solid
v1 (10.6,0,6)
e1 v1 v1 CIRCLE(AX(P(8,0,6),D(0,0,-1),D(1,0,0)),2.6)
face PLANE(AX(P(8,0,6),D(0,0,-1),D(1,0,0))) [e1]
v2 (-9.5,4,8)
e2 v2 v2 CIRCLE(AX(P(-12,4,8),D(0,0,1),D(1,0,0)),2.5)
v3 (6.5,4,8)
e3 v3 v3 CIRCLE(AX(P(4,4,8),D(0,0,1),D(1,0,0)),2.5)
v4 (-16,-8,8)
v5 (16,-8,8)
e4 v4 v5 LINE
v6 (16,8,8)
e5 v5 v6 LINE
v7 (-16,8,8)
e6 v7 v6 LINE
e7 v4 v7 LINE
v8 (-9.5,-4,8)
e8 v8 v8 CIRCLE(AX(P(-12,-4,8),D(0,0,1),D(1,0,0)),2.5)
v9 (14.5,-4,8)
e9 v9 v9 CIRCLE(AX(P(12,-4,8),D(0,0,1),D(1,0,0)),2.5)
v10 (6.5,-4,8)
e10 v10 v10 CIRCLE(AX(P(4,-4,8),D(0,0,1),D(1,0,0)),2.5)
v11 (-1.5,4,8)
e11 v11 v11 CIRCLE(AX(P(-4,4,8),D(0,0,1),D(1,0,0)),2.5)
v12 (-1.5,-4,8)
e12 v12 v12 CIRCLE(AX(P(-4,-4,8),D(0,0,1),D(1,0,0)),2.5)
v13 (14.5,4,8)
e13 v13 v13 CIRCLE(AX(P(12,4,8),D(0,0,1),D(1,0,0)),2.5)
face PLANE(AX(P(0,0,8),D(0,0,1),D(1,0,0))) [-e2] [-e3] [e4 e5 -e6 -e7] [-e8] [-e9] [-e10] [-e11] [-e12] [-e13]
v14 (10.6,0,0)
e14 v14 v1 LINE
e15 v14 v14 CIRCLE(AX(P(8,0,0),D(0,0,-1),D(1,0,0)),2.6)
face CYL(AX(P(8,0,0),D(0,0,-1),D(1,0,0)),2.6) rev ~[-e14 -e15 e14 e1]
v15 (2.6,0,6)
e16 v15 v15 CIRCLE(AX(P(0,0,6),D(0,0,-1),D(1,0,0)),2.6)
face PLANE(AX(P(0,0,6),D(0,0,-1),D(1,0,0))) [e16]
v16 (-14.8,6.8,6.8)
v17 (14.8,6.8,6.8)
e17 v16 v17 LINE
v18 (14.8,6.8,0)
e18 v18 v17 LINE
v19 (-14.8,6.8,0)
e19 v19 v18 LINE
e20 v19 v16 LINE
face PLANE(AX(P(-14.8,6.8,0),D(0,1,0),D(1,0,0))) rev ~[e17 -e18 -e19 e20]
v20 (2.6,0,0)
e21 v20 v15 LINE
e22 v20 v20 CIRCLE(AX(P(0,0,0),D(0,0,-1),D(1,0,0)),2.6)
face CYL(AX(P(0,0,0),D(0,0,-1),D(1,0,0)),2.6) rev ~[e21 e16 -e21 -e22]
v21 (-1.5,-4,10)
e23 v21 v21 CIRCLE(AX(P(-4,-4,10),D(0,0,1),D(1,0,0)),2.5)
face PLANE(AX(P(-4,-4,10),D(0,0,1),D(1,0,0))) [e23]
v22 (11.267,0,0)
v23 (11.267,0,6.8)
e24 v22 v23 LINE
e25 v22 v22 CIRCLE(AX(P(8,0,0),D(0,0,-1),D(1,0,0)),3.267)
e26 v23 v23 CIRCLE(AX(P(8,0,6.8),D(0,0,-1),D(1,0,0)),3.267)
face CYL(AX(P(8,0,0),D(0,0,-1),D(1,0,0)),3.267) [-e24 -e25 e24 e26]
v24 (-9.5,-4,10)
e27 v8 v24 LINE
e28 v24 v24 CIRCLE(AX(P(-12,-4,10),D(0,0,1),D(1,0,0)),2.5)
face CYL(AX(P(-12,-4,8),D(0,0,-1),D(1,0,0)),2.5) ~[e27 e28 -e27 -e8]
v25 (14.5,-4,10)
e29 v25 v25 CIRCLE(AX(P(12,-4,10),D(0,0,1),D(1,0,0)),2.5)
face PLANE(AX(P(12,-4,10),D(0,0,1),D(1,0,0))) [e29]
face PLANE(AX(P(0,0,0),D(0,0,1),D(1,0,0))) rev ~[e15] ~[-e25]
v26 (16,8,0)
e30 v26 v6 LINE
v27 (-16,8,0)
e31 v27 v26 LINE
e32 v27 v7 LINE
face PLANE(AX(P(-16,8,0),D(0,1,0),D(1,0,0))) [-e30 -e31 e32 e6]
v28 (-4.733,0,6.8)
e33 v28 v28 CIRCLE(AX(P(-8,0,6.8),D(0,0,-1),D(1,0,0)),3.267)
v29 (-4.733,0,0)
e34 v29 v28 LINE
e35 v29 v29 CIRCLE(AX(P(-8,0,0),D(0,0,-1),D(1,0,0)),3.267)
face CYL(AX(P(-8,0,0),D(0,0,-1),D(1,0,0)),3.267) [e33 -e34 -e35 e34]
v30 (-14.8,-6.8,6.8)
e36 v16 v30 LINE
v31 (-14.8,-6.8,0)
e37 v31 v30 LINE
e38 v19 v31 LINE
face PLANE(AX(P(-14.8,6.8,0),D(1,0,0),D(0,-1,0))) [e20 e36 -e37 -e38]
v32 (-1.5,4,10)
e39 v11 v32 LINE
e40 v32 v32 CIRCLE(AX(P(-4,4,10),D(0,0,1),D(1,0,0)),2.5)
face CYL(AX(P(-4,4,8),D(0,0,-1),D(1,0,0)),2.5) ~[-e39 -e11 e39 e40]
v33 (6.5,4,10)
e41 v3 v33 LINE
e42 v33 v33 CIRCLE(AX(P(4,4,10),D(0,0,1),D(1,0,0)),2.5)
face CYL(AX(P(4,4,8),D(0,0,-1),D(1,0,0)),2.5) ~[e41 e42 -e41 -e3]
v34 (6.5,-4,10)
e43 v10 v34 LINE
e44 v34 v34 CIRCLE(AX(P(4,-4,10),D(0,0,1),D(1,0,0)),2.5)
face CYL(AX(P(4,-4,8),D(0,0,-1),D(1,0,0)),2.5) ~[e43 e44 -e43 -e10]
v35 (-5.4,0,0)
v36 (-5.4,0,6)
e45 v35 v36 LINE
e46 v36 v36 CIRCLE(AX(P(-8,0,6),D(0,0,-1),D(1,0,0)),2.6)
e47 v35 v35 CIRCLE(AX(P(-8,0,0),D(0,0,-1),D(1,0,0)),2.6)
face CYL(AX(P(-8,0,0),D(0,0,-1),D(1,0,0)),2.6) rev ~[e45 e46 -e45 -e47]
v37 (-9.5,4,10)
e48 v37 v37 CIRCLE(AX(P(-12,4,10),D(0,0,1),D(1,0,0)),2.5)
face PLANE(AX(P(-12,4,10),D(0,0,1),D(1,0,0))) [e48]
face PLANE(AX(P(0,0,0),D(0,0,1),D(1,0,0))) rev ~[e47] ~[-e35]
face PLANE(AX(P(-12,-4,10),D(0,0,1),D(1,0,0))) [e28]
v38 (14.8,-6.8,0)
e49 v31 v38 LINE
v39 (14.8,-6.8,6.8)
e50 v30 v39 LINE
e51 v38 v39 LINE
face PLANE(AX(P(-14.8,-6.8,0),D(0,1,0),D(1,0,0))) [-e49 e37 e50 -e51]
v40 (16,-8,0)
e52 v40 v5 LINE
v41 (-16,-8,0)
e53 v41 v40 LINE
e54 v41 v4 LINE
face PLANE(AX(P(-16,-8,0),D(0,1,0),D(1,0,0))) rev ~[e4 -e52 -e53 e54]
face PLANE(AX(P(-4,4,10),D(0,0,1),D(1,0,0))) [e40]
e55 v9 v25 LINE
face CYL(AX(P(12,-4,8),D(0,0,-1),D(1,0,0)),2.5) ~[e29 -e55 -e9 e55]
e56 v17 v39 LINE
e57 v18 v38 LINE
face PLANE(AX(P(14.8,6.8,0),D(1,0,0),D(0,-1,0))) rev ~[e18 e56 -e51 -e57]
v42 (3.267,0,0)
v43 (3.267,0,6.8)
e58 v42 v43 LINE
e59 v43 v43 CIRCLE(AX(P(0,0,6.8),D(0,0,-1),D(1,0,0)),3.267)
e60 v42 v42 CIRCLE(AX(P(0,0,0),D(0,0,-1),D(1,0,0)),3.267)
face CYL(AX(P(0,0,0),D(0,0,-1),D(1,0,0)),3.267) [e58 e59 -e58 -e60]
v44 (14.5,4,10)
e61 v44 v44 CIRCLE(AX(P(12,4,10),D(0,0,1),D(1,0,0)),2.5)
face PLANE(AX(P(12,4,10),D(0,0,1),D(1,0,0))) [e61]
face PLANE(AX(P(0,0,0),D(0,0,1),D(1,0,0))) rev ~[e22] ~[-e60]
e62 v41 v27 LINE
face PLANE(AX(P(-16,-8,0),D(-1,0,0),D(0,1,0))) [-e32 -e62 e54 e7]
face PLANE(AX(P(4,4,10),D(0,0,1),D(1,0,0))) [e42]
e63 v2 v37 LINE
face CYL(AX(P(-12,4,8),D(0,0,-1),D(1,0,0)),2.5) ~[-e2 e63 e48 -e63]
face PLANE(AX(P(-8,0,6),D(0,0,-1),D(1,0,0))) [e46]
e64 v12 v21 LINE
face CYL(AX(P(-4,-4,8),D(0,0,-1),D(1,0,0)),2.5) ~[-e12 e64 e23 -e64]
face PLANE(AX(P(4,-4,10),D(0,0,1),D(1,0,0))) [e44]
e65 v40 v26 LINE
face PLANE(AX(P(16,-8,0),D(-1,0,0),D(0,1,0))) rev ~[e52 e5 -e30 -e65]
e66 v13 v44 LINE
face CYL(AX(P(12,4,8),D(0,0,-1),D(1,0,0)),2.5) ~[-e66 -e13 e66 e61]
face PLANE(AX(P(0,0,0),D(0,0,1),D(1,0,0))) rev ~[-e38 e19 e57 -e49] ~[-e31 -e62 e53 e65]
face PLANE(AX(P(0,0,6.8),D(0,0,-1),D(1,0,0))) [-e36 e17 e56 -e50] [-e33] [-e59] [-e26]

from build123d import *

# Parameters (mm, degrees)
F0_W     = 32
F0_H     = 16
F1_DEPTH = 8
F2_R     = 2.5
F3_DEPTH = 2
F4_W     = 29.6
F4_H     = 13.6
F4_R     = 3.267
F5_DEPTH = 6.8
F6_R     = 2.6
F7_DEPTH = 6
F8_R     = 2.6
F9_DEPTH = 6


with BuildPart() as f1:
    # F0 (on Top) → F1 (new body)
    with BuildSketch(Plane.XY):
        Rectangle(F0_W, F0_H)
    extrude(amount=F1_DEPTH)

    # F2 (on face) → F3 (join)
    with BuildSketch(Plane.XY.offset(8)):
        with Locations((-12, 4)):
            Circle(F2_R)
        with Locations((-4, 4)):
            Circle(F2_R)
        with Locations((4, 4)):
            Circle(F2_R)
        with Locations((12, 4)):
            Circle(F2_R)
        with Locations((12, -4)):
            Circle(F2_R)
        with Locations((4, -4)):
            Circle(F2_R)
        with Locations((-4, -4)):
            Circle(F2_R)
        with Locations((-12, -4)):
            Circle(F2_R)
    extrude(amount=F3_DEPTH)

    # F4 (on face) → F5 (cut)
    with BuildSketch(Plane(origin=(0, 0, 0), x_dir=(1, 0, 0), z_dir=(0, 0, -1))):
        Rectangle(F4_W, F4_H)
        with Locations((-8, 0)):
            Circle(F4_R, mode=Mode.SUBTRACT)
        Circle(F4_R, mode=Mode.SUBTRACT)
        with Locations((8, 0)):
            Circle(F4_R, mode=Mode.SUBTRACT)
    extrude(amount=-F5_DEPTH, mode=Mode.SUBTRACT)

    # F6 (on face) → F7 (cut)
    with BuildSketch(Plane(origin=(0, 0, 0), x_dir=(1, 0, 0), z_dir=(0, 0, -1))):
        Circle(F6_R)
        with Locations((8, 0)):
            Circle(F6_R)
    extrude(amount=-F7_DEPTH, mode=Mode.SUBTRACT)

    # F8 (on face) → F9 (cut)
    with BuildSketch(Plane(origin=(0, 0, 0), x_dir=(1, 0, 0), z_dir=(0, 0, -1))):
        with Locations((-8, 0)):
            Circle(F8_R)
    extrude(amount=-F9_DEPTH, mode=Mode.SUBTRACT)


solid = f1.part
